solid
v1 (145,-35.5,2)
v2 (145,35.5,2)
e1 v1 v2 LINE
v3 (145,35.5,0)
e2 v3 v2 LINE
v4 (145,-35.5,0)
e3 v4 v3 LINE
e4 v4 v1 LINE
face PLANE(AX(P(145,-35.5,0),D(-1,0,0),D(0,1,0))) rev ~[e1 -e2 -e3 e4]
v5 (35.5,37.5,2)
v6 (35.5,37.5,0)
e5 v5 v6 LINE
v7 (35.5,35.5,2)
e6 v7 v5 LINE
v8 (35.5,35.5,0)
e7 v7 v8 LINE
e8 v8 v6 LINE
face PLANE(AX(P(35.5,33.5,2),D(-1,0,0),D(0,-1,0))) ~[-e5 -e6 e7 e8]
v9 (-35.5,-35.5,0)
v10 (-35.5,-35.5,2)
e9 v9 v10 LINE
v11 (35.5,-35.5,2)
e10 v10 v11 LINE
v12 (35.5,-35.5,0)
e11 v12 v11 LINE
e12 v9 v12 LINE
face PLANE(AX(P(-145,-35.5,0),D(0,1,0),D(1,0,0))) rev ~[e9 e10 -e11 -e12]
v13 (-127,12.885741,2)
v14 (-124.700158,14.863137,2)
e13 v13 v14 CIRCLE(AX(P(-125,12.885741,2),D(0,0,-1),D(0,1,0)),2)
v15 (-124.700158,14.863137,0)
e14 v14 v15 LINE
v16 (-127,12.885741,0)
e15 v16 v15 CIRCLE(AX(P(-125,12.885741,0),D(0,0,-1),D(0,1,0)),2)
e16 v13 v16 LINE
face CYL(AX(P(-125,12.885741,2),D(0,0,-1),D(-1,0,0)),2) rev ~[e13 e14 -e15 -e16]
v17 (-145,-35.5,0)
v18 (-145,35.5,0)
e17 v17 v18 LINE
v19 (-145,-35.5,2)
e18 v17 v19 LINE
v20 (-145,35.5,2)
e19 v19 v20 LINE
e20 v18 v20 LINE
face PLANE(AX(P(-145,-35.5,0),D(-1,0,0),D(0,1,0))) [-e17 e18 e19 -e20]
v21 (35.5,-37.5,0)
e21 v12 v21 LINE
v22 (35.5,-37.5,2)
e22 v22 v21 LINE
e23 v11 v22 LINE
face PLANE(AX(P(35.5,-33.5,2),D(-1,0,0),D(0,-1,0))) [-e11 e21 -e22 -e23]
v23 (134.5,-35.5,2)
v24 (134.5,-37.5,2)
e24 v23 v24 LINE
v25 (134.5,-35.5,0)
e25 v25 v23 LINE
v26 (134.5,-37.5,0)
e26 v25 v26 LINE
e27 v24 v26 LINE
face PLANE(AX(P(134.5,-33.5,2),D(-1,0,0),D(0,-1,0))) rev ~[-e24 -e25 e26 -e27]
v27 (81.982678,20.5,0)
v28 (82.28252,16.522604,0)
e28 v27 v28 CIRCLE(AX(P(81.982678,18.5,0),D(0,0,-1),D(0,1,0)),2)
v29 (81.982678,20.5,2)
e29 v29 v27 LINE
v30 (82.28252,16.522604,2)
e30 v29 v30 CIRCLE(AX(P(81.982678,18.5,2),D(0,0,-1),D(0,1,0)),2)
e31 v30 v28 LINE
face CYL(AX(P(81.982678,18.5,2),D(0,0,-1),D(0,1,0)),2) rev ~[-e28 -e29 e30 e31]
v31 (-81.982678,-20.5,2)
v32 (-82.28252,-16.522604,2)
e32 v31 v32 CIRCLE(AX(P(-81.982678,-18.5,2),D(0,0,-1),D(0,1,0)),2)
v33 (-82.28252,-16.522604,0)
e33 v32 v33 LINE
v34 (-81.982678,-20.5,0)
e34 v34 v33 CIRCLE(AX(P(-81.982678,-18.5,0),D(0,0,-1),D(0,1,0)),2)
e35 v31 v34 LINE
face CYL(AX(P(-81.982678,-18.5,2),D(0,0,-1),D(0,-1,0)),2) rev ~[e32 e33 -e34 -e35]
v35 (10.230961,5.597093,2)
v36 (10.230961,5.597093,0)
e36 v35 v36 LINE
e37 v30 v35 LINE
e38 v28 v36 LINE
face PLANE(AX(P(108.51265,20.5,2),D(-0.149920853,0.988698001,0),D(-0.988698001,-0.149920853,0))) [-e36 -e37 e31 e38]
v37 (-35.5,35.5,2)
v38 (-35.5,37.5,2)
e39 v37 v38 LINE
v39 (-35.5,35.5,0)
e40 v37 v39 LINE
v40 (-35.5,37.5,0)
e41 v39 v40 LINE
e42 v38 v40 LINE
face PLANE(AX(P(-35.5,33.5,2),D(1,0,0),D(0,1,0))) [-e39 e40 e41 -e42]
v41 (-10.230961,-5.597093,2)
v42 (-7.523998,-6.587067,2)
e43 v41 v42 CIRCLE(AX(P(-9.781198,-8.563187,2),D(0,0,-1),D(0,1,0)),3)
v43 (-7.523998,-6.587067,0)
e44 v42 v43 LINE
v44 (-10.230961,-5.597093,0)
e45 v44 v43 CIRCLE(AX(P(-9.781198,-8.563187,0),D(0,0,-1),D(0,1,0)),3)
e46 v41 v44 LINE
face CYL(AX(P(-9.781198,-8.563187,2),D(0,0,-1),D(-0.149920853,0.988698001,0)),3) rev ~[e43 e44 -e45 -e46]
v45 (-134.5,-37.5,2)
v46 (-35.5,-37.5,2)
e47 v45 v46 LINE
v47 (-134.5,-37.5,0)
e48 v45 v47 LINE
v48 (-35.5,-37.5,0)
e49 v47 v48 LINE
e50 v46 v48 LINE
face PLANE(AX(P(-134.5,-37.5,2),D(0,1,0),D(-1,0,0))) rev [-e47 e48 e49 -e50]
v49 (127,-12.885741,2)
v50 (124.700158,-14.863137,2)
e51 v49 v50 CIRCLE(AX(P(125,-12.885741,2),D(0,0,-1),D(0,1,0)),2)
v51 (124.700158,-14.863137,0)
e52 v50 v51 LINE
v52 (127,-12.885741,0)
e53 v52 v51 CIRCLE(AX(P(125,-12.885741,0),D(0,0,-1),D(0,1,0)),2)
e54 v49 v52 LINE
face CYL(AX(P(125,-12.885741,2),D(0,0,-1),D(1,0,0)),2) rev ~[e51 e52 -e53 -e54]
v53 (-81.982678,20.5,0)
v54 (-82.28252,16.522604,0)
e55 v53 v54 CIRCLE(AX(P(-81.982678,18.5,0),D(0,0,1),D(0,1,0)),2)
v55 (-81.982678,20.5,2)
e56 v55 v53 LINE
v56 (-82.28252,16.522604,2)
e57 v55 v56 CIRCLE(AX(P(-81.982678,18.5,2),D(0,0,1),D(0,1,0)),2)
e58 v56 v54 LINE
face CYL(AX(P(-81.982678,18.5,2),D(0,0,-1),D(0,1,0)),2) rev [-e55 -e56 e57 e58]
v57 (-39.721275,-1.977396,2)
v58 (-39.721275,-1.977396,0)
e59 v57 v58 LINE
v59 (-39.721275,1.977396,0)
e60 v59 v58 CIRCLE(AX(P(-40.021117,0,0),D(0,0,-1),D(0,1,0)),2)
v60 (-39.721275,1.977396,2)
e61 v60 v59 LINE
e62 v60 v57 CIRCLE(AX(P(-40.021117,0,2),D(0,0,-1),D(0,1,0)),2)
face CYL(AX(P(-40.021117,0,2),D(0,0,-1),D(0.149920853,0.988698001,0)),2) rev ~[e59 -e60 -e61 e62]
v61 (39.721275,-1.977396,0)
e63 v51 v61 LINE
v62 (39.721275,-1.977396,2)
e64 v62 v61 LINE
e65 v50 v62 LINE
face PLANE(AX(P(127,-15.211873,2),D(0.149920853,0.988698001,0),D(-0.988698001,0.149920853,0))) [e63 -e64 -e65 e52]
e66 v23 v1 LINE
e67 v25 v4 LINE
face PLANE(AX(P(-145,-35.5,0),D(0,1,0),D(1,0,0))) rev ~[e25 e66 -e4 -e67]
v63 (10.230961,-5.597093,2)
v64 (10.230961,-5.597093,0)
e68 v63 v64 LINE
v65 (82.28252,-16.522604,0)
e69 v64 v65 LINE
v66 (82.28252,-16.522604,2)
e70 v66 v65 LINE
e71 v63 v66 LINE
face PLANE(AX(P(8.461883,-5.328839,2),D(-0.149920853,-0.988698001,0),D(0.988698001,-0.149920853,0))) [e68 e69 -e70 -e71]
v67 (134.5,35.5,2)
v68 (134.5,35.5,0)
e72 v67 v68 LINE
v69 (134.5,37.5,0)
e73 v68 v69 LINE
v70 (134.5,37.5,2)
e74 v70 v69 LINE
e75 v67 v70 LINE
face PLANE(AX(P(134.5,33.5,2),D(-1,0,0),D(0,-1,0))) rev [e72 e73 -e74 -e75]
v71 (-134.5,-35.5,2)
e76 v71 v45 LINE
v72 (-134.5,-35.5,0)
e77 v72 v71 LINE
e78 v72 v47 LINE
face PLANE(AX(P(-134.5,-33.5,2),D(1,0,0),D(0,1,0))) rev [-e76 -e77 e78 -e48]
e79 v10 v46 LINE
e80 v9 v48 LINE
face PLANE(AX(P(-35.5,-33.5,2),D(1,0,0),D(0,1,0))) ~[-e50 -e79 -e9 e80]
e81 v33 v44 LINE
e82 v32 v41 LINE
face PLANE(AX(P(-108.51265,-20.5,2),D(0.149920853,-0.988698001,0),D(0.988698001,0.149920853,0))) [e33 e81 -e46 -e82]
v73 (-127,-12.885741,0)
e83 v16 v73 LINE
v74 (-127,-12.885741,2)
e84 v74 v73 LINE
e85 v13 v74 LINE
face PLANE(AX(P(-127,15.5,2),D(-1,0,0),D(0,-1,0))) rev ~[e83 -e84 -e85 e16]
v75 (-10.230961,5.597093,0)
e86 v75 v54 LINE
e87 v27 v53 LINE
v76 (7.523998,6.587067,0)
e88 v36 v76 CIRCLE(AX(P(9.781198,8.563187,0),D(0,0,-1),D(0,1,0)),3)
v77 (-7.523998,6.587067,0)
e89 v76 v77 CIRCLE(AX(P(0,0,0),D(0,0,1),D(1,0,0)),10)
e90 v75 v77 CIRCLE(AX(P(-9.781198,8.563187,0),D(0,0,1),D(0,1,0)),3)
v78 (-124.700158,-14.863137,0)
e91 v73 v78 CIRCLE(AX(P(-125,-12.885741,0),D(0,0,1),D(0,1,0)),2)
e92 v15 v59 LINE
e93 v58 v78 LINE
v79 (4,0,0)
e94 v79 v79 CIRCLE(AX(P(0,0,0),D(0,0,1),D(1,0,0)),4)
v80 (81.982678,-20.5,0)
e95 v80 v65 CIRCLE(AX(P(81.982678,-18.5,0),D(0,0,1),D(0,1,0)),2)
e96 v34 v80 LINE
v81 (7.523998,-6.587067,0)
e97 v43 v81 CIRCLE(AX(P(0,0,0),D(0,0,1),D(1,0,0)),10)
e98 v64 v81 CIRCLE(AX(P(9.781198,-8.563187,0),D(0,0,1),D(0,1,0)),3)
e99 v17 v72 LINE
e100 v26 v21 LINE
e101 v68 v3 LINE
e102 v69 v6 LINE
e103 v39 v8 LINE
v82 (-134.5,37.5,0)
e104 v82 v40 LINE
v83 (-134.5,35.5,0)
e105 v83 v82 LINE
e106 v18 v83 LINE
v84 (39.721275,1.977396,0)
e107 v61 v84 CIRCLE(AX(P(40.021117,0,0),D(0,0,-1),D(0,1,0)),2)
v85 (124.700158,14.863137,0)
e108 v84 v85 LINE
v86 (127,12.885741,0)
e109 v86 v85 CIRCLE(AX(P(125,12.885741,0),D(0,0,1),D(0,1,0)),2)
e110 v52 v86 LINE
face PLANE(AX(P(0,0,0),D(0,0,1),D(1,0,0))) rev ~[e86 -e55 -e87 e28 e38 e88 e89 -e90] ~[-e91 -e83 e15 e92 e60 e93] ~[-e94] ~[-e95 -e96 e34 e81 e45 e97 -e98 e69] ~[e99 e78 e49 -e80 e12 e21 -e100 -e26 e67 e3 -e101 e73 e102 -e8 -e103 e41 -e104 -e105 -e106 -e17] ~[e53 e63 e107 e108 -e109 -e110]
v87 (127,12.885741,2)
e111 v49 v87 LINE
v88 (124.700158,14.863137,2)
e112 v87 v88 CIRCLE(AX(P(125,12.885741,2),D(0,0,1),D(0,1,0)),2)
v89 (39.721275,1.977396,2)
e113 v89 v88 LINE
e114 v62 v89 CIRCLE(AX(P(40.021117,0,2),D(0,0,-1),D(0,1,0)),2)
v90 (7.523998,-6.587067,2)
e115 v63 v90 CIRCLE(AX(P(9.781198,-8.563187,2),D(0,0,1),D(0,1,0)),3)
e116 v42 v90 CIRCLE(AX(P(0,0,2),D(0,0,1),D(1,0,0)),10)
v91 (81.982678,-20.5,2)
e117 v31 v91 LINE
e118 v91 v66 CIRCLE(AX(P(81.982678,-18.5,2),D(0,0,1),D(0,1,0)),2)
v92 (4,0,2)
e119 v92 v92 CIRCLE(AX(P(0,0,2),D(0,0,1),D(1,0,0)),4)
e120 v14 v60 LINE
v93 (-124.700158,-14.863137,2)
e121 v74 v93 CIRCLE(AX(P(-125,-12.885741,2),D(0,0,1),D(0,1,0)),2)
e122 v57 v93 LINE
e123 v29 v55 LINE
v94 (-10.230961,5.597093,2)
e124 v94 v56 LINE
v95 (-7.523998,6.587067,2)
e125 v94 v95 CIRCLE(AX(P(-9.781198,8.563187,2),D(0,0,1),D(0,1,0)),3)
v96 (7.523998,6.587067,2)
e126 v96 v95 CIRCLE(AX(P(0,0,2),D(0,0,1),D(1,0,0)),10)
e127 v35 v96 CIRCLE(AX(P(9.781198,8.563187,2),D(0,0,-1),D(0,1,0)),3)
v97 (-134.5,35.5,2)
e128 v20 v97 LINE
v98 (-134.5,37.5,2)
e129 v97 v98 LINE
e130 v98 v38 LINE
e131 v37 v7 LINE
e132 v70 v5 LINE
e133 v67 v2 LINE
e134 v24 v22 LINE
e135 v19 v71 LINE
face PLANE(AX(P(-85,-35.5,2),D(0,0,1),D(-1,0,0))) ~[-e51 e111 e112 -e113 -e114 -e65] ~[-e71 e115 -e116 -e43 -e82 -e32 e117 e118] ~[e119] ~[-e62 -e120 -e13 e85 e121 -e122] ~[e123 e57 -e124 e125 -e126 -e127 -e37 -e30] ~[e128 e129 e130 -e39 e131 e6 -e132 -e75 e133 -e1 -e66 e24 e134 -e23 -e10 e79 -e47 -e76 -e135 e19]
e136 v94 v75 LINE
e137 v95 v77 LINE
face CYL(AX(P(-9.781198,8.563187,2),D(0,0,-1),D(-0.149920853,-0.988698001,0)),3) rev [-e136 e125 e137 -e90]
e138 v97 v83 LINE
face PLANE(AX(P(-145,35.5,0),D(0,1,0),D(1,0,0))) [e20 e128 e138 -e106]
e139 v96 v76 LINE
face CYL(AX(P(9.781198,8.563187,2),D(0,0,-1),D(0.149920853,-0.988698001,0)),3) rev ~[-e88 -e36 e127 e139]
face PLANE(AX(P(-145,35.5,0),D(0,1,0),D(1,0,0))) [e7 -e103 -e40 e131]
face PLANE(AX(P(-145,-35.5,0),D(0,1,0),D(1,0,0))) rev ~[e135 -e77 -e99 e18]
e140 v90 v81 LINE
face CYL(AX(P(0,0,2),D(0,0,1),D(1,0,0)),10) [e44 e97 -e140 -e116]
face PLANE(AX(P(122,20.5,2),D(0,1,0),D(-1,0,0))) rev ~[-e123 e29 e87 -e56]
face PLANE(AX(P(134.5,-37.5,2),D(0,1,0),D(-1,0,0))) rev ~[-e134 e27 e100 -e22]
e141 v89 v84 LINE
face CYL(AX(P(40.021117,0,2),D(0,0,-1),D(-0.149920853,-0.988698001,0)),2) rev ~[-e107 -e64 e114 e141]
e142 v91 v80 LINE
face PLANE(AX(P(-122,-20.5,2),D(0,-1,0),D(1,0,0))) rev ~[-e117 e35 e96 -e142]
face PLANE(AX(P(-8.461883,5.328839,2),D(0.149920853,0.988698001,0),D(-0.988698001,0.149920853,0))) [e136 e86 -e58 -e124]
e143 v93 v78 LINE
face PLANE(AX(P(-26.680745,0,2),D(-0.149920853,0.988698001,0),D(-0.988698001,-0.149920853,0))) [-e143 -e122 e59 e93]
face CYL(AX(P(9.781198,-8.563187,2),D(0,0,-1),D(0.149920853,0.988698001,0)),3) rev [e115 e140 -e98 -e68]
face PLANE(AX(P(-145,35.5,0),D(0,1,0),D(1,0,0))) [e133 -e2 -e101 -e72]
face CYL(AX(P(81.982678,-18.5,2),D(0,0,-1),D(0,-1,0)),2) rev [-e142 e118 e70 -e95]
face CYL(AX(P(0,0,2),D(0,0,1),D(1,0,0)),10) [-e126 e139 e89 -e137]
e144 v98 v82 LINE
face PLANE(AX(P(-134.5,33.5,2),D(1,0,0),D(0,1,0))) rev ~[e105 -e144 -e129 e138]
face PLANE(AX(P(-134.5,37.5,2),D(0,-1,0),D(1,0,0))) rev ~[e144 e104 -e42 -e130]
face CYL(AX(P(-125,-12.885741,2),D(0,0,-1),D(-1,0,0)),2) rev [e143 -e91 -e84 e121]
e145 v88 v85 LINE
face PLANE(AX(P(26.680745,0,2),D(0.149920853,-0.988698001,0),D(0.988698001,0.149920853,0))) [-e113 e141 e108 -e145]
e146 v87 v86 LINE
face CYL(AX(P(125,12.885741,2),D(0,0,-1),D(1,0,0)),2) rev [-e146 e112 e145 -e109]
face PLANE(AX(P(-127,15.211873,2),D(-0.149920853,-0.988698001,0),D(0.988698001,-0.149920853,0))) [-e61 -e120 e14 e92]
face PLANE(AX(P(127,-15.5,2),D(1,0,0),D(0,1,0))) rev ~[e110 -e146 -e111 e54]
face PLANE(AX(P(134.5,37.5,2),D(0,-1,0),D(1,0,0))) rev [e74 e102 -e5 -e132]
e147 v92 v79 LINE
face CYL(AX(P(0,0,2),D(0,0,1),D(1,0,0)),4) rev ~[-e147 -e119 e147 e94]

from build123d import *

# Parameters (mm, degrees)
SKETCH_1_W               = 290
SKETCH_1_H               = 71
EXTRUDE_1_DEPTH          = 2
SKETCH_2_W               = 99
SKETCH_2_H               = 4
EXTRUDE_2_DEPTH          = 2
MIRROR_2_COPY_1_SKETCH_W = 99
MIRROR_2_COPY_1_SKETCH_H = 4
MIRROR_2_COPY_1_DEPTH    = 2
CUT_EXTRUDE_1_DEPTH      = 2
SKETCH_4_R               = 10
EXTRUDE_3_DEPTH          = 2
SKETCH_5_R               = 4
CUT_EXTRUDE_2_DEPTH      = 119
FILLET_1_R               = 2
FILLET_2_R               = 3


with BuildPart() as part:
    # 草图1 → 凸台-拉伸1 (new body)
    with BuildSketch(Plane.XY):
        Rectangle(SKETCH_1_W, SKETCH_1_H)
    extrude(amount=EXTRUDE_1_DEPTH)

    # 草图2 → 凸台-拉伸2 (add)
    with BuildSketch(Plane.XY.offset(2)):
        with Locations((-85, 35.5)):
            Rectangle(SKETCH_2_W, SKETCH_2_H)
    extrude_2 = extrude(amount=-EXTRUDE_2_DEPTH)

    # 镜向1: 凸台-拉伸2 across plane
    add(extrude_2.mirror(Plane(origin=(0, 0, 0), x_dir=(0, 0, 1), z_dir=(1, 0, 0))))

    # 镜向2: 凸台-拉伸2 across plane
    add(extrude_2.mirror(Plane.ZX))

    # 镜向2 copy 1 sketch → 镜向2 copy 1 (add)
    with BuildSketch(Plane(origin=(0, 0, 2), x_dir=(-1, 0, 0), z_dir=(0, 0, 1))):
        with Locations((-85, 35.5)):
            Rectangle(MIRROR_2_COPY_1_SKETCH_W, MIRROR_2_COPY_1_SKETCH_H)
    extrude(amount=-MIRROR_2_COPY_1_DEPTH)

    # 草图3 → 切除-拉伸1 (cut)
    with BuildSketch(Plane.XY.offset(2)):
        with BuildLine():
            Line((-122, -20.5), (122, -20.5))
            ThreePointArc((122, -20.5), (125.535533906, -19.035533906), (127, -15.5))
            Line((127, -15.5), (127, 15.5))
            ThreePointArc((127, 15.5), (125.535533906, 19.035533906), (122, 20.5))
            Line((122, 20.5), (-122, 20.5))
            ThreePointArc((-122, 20.5), (-125.535533906, 19.035533906), (-127, 15.5))
            Line((-127, 15.5), (-127, -15.5))
            ThreePointArc((-127, -15.5), (-125.535533906, -19.035533906), (-122, -20.5))
        make_face()
    extrude(amount=-CUT_EXTRUDE_1_DEPTH, mode=Mode.SUBTRACT)

    # 草图4 → 凸台-拉伸3 (add)
    # profile 1 of 4: a face of its own
    with BuildSketch(Plane.XY.offset(2)):
        Polygon((-145, 35.5), (-145, -35.5), (-134.5, -35.5), (-134.5, -37.5), (-35.5, -37.5), (-35.5, -35.5), (35.5, -35.5), (35.5, -37.5), (134.5, -37.5), (134.5, -35.5), (145, -35.5), (145, 35.5), (134.5, 35.5), (134.5, 37.5), (35.5, 37.5), (35.5, 35.5), (-35.5, 35.5), (-35.5, 37.5), (-134.5, 37.5), (-134.5, 35.5), align=None)
        Polygon((-127, 15.2118729), (-130.048778092, 15.67417323), (-124.935850494, 22.990325911), (-108.512649841, 20.5), (108.512649841, 20.5), (124.935850494, 22.990325911), (132.904602809, 16.107215147), (127, 15.2118729), (127, -15.2118729), (132.970266959, -16.117172106), (124.935850494, -22.990325911), (108.512649841, -20.5), (-108.512649841, -20.5), (-124.935850494, -22.990325911), (-130.138762831, -15.687818033), (-127, -15.2118729), align=None, mode=Mode.SUBTRACT)
    # profile 2 of 4: a face of its own
    with BuildSketch(Plane.XY.offset(2)):
        Circle(SKETCH_4_R)
    # profile 3 of 4: a face of its own
    with BuildSketch(Plane.XY.offset(2)):
        with BuildLine():
            Line((122, 20.5), (108.512649841, 20.5))
            Line((108.512649841, 20.5), (8.461883449, 5.32883932))
            ThreePointArc((8.461883449, 5.32883932), (9.607778996, 2.773189996), (10, 0))
            ThreePointArc((10, 0), (9.607778996, -2.773189996), (8.461883449, -5.32883932))
            Line((8.461883449, -5.32883932), (108.512649841, -20.5))
            Line((108.512649841, -20.5), (122, -20.5))
            ThreePointArc((122, -20.5), (125.535533906, -19.035533906), (127, -15.5))
            Line((127, -15.5), (127, -15.2118729))
            Line((127, -15.2118729), (26.68074467, 0))
            Line((26.68074467, 0), (127, 15.2118729))
            Line((127, 15.2118729), (127, 15.5))
            ThreePointArc((127, 15.5), (125.535533906, 19.035533906), (122, 20.5))
        make_face()
    # profile 4 of 4: a face of its own
    with BuildSketch(Plane.XY.offset(2)):
        with BuildLine():
            Line((-127, 15.5), (-127, 15.2118729))
            Line((-127, 15.2118729), (-26.68074467, 0))
            Line((-26.68074467, 0), (-127, -15.2118729))
            Line((-127, -15.2118729), (-127, -15.5))
            ThreePointArc((-127, -15.5), (-125.535533906, -19.035533906), (-122, -20.5))
            Line((-122, -20.5), (-108.512649841, -20.5))
            Line((-108.512649841, -20.5), (-8.461883449, -5.32883932))
            ThreePointArc((-8.461883449, -5.32883932), (-10, 0), (-8.461883449, 5.32883932))
            Line((-8.461883449, 5.32883932), (-108.512649841, 20.5))
            Line((-108.512649841, 20.5), (-122, 20.5))
            ThreePointArc((-122, 20.5), (-125.535533906, 19.035533906), (-127, 15.5))
        make_face()
    extrude(amount=-EXTRUDE_3_DEPTH)

    # 草图5 → 切除-拉伸2 (cut)
    with BuildSketch(Plane.XY.offset(2)):
        Circle(SKETCH_5_R)
    extrude(amount=-CUT_EXTRUDE_2_DEPTH, mode=Mode.SUBTRACT)

    # 圆角1
    fillet_1_edges = [part.edges().sort_by_distance(p)[0] for p in [
        (108.512649841, -20.5, 1),
        (127, -15.2118729, 1),
        (26.68074467, 0, 1),
        (127, 15.2118729, 1),
        (108.512649841, 20.5, 1),
        (-108.512649841, 20.5, 1),
        (-127, 15.2118729, 1),
        (-26.68074467, 0, 1),
        (-127, -15.2118729, 1),
        (-108.512649841, -20.5, 1),
    ]]
    fillet(fillet_1_edges, radius=FILLET_1_R)

    # 圆角2
    fillet_2_edges = [part.edges().sort_by_distance(p)[0] for p in [
        (8.461883449, -5.32883932, 1),
        (8.461883449, 5.32883932, 1),
        (-8.461883449, 5.32883932, 1),
        (-8.461883449, -5.32883932, 1),
    ]]
    fillet(fillet_2_edges, radius=FILLET_2_R)


solid = part.part
